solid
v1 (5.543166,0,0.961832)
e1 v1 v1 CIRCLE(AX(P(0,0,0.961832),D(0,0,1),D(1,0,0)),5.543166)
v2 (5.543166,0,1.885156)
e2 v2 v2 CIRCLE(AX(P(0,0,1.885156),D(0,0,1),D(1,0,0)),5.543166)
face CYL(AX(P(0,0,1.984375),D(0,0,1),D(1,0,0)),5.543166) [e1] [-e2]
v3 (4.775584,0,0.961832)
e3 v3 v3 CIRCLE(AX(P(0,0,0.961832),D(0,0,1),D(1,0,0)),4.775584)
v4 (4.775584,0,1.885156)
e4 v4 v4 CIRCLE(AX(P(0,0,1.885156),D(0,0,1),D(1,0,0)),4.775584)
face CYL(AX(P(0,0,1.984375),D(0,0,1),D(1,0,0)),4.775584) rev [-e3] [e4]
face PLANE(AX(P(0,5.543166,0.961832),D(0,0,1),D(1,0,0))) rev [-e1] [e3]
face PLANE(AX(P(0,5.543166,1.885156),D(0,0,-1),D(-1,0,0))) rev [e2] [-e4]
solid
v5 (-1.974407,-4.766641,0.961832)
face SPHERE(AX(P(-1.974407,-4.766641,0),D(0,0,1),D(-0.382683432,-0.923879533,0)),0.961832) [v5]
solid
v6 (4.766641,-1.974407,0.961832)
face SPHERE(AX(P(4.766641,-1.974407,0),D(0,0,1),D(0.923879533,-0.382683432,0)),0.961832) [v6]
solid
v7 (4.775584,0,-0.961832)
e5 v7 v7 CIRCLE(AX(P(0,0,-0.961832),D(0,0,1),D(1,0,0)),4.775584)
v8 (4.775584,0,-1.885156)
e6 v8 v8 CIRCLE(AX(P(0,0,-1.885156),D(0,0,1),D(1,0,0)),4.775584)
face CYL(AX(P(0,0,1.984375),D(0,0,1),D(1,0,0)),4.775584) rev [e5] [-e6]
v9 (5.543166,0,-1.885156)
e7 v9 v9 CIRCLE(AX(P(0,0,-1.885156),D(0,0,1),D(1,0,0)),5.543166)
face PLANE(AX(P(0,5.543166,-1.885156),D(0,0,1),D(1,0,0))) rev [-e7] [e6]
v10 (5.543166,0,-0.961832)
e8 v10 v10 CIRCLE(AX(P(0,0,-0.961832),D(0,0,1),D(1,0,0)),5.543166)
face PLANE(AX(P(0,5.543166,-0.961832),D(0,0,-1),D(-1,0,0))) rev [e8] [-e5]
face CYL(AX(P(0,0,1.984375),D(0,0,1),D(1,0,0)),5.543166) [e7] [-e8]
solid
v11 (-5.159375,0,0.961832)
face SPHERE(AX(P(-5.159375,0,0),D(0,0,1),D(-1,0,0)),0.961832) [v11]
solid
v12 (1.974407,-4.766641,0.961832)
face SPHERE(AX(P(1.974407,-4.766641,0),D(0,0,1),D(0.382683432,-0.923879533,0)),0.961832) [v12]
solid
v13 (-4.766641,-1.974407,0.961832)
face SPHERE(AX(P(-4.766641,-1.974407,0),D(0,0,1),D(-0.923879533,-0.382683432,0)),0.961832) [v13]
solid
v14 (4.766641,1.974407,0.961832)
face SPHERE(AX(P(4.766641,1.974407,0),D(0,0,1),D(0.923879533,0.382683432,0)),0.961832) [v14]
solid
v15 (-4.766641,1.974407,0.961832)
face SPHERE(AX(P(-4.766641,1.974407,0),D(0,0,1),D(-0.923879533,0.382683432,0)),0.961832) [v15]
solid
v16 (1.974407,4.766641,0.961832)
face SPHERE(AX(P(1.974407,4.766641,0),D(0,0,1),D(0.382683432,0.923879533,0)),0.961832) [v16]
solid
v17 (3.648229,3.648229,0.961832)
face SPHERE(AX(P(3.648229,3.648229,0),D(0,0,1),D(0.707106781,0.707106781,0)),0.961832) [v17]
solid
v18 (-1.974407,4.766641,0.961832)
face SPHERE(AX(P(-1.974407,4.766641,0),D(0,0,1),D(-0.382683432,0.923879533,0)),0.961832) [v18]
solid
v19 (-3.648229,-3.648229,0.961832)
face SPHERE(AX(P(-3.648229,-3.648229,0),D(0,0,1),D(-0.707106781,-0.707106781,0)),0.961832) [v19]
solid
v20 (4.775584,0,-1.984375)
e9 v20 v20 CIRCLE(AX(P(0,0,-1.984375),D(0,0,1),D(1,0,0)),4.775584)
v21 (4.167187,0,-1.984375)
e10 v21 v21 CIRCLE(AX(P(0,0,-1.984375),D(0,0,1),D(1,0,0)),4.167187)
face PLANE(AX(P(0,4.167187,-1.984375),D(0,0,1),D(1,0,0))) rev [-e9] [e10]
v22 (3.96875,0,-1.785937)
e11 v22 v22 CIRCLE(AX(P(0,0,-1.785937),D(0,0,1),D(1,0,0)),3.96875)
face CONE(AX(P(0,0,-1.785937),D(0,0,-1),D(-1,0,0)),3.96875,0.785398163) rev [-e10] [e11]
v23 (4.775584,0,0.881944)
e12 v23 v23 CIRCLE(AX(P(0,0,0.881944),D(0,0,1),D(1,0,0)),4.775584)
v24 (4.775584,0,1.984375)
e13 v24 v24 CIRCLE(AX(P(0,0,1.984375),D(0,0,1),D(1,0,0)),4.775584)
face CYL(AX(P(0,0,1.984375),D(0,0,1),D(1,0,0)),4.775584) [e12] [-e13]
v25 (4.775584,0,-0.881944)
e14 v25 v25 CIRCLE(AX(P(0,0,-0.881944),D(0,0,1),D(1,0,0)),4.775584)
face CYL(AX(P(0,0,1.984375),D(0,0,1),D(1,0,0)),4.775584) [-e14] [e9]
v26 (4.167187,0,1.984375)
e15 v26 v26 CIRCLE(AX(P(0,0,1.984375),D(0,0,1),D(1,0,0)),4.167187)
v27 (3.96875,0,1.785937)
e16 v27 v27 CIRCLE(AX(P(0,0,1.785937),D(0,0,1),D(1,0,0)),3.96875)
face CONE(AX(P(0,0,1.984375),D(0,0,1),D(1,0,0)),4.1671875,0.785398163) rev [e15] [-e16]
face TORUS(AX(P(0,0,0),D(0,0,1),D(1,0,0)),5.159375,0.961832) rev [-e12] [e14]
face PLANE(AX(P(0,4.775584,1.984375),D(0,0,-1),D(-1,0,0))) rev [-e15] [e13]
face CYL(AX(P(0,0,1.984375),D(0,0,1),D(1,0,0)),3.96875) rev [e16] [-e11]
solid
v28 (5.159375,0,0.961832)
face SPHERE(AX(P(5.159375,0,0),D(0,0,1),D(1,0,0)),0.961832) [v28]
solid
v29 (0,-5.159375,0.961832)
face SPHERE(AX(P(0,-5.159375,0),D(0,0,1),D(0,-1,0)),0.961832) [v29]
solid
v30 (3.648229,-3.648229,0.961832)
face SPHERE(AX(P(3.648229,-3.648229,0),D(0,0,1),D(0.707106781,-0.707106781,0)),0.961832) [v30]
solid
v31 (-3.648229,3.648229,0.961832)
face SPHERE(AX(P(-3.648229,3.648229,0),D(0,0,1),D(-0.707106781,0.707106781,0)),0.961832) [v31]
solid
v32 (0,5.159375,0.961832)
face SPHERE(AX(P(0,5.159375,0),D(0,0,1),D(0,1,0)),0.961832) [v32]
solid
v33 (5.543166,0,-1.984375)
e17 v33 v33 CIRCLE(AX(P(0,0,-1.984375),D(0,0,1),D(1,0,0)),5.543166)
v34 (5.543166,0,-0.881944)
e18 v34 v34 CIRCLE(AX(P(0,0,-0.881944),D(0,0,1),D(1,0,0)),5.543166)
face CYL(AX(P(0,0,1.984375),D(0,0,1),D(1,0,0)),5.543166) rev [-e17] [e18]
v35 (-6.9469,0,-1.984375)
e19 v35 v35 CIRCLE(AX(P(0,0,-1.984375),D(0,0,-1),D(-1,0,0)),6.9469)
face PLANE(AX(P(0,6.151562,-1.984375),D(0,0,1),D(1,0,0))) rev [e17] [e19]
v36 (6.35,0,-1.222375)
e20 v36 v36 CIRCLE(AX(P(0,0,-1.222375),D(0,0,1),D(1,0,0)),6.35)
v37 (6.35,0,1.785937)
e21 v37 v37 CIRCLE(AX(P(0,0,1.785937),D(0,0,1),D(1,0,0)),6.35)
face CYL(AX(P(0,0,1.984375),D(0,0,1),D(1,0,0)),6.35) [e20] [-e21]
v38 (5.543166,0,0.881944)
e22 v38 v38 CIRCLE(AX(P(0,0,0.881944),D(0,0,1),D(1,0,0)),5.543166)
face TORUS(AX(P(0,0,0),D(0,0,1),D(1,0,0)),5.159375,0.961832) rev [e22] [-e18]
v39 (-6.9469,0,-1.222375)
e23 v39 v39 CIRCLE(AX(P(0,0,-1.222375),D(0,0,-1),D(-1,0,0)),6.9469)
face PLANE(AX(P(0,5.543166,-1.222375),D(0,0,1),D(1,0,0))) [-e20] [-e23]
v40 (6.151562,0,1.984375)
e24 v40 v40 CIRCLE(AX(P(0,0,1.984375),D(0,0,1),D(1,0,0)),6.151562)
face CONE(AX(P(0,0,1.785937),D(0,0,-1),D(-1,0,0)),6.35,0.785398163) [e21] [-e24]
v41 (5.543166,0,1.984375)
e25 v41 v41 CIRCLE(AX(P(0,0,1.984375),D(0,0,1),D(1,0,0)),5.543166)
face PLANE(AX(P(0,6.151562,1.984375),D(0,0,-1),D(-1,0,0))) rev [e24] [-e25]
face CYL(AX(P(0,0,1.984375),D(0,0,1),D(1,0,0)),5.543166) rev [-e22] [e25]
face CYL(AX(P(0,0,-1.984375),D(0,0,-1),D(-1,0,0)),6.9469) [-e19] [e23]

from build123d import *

# Parameters (mm, degrees)
CIRPATTERN1_COUNT = 16
SKETCH5_W         = 0.923323783
SKETCH5_H         = 0.767582418
SKETCH6_W         = 0.762
SKETCH6_H         = 1.403733791


with BuildPart() as part:
    # Sketch1 → Revolve1 (revolve)
    with BuildSketch(Plane(origin=(0, 0, 0), x_dir=(0, 0, -1), z_dir=(1, 0, 0))):
        with BuildLine():
            Line((1.7859375, 6.35), (-1.7859375, 6.35))
            Line((-1.7859375, 6.35), (-1.984375, 6.1515625))
            Line((-1.984375, 6.1515625), (-1.984375, 5.543166209))
            Line((-1.984375, 5.543166209), (-0.881944444, 5.543166209))
            ThreePointArc((-0.881944444, 5.543166209), (0, 6.121207467), (0.881944444, 5.543166209))
            Line((0.881944444, 5.543166209), (1.984375, 5.543166209))
            Line((1.984375, 5.543166209), (1.984375, 6.1515625))
            Line((1.984375, 6.1515625), (1.7859375, 6.35))
        make_face()
    revolve(axis=Axis((0, 0, 1.984375), (0, 0, -1)))

    # Sketch6 → Revolve6 (revolve)
    with BuildSketch(Plane(origin=(0, 0, 0), x_dir=(0, 0, -1), z_dir=(1, 0, 0))):
        with Locations((1.603375, 6.245033105)):
            Rectangle(SKETCH6_W, SKETCH6_H)
    revolve(axis=Axis((0, 0, -1.984375), (0, 0, 1)))


with BuildPart() as body_2:
    # Sketch3 → Revolve3 (revolve)
    with BuildSketch(Plane(origin=(0, 0, 0), x_dir=(0, 0, -1), z_dir=(1, 0, 0))):
        with BuildLine():
            Line((-1.984375, 4.775583791), (-0.881944444, 4.775583791))
            ThreePointArc((-0.881944444, 4.775583791), (0, 4.197542533), (0.881944444, 4.775583791))
            Line((0.881944444, 4.775583791), (1.984375, 4.775583791))
            Line((1.984375, 4.775583791), (1.984375, 4.1671875))
            Line((1.984375, 4.1671875), (1.7859375, 3.96875))
            Line((1.7859375, 3.96875), (-1.7859375, 3.96875))
            Line((-1.7859375, 3.96875), (-1.984375, 4.1671875))
            Line((-1.984375, 4.1671875), (-1.984375, 4.775583791))
        make_face()
    revolve(axis=Axis((0, 0, 1.984375), (0, 0, -1)))


with BuildPart() as body_3:
    # Sketch4 → Revolve4 (revolve)
    with BuildSketch(Plane(origin=(0, 0, 0), x_dir=(0, 0, -1), z_dir=(1, 0, 0))):
        with BuildLine():
            Line((-0.961832467, 5.159375), (0.961832467, 5.159375))
            ThreePointArc((0.961832467, 5.159375), (0, 6.121207467), (-0.961832467, 5.159375))
        make_face()
    revolve(axis=Axis((0, 5.159375, 0.961832467), (0, 0, -1)))


with BuildPart() as cirpattern1_1:
    # CirPattern1: pattern copy
    add(body_3.part.rotate(Axis((0, 0, -1.984375), (0, 0, 1)), 1 * 360 / CIRPATTERN1_COUNT))


with BuildPart() as cirpattern1_2:
    # CirPattern1: pattern copy
    add(body_3.part.rotate(Axis((0, 0, -1.984375), (0, 0, 1)), 2 * 360 / CIRPATTERN1_COUNT))


with BuildPart() as cirpattern1_3:
    # CirPattern1: pattern copy
    add(body_3.part.rotate(Axis((0, 0, -1.984375), (0, 0, 1)), 3 * 360 / CIRPATTERN1_COUNT))


with BuildPart() as cirpattern1_4:
    # CirPattern1: pattern copy
    add(body_3.part.rotate(Axis((0, 0, -1.984375), (0, 0, 1)), 4 * 360 / CIRPATTERN1_COUNT))


with BuildPart() as cirpattern1_5:
    # CirPattern1: pattern copy
    add(body_3.part.rotate(Axis((0, 0, -1.984375), (0, 0, 1)), 5 * 360 / CIRPATTERN1_COUNT))


with BuildPart() as cirpattern1_6:
    # CirPattern1: pattern copy
    add(body_3.part.rotate(Axis((0, 0, -1.984375), (0, 0, 1)), 6 * 360 / CIRPATTERN1_COUNT))


with BuildPart() as cirpattern1_7:
    # CirPattern1: pattern copy
    add(body_3.part.rotate(Axis((0, 0, -1.984375), (0, 0, 1)), 7 * 360 / CIRPATTERN1_COUNT))


with BuildPart() as cirpattern1_8:
    # CirPattern1: pattern copy
    add(body_3.part.rotate(Axis((0, 0, -1.984375), (0, 0, 1)), 8 * 360 / CIRPATTERN1_COUNT))


with BuildPart() as cirpattern1_9:
    # CirPattern1: pattern copy
    add(body_3.part.rotate(Axis((0, 0, -1.984375), (0, 0, 1)), 9 * 360 / CIRPATTERN1_COUNT))


with BuildPart() as cirpattern1_10:
    # CirPattern1: pattern copy
    add(body_3.part.rotate(Axis((0, 0, -1.984375), (0, 0, 1)), 10 * 360 / CIRPATTERN1_COUNT))


with BuildPart() as cirpattern1_11:
    # CirPattern1: pattern copy
    add(body_3.part.rotate(Axis((0, 0, -1.984375), (0, 0, 1)), 11 * 360 / CIRPATTERN1_COUNT))


with BuildPart() as cirpattern1_12:
    # CirPattern1: pattern copy
    add(body_3.part.rotate(Axis((0, 0, -1.984375), (0, 0, 1)), 12 * 360 / CIRPATTERN1_COUNT))


with BuildPart() as cirpattern1_13:
    # CirPattern1: pattern copy
    add(body_3.part.rotate(Axis((0, 0, -1.984375), (0, 0, 1)), 13 * 360 / CIRPATTERN1_COUNT))


with BuildPart() as cirpattern1_14:
    # CirPattern1: pattern copy
    add(body_3.part.rotate(Axis((0, 0, -1.984375), (0, 0, 1)), 14 * 360 / CIRPATTERN1_COUNT))


with BuildPart() as cirpattern1_15:
    # CirPattern1: pattern copy
    add(body_3.part.rotate(Axis((0, 0, -1.984375), (0, 0, 1)), 15 * 360 / CIRPATTERN1_COUNT))


with BuildPart() as body_19:
    # Sketch5 → Revolve5 (revolve)
    with BuildSketch(Plane(origin=(0, 0, 0), x_dir=(0, 0, -1), z_dir=(1, 0, 0))):
        with Locations((-1.423494359, 5.159375)):
            Rectangle(SKETCH5_W, SKETCH5_H)
        with Locations((1.423494359, 5.159375)):
            Rectangle(SKETCH5_W, SKETCH5_H)
    revolve(axis=Axis((0, 0, 1.984375), (0, 0, -1)))


solid = Compound([part.part, body_2.part, body_3.part, cirpattern1_1.part, cirpattern1_2.part, cirpattern1_3.part, cirpattern1_4.part, cirpattern1_5.part, cirpattern1_6.part, cirpattern1_7.part, cirpattern1_8.part, cirpattern1_9.part, cirpattern1_10.part, cirpattern1_11.part, cirpattern1_12.part, cirpattern1_13.part, cirpattern1_14.part, cirpattern1_15.part, body_19.part])
